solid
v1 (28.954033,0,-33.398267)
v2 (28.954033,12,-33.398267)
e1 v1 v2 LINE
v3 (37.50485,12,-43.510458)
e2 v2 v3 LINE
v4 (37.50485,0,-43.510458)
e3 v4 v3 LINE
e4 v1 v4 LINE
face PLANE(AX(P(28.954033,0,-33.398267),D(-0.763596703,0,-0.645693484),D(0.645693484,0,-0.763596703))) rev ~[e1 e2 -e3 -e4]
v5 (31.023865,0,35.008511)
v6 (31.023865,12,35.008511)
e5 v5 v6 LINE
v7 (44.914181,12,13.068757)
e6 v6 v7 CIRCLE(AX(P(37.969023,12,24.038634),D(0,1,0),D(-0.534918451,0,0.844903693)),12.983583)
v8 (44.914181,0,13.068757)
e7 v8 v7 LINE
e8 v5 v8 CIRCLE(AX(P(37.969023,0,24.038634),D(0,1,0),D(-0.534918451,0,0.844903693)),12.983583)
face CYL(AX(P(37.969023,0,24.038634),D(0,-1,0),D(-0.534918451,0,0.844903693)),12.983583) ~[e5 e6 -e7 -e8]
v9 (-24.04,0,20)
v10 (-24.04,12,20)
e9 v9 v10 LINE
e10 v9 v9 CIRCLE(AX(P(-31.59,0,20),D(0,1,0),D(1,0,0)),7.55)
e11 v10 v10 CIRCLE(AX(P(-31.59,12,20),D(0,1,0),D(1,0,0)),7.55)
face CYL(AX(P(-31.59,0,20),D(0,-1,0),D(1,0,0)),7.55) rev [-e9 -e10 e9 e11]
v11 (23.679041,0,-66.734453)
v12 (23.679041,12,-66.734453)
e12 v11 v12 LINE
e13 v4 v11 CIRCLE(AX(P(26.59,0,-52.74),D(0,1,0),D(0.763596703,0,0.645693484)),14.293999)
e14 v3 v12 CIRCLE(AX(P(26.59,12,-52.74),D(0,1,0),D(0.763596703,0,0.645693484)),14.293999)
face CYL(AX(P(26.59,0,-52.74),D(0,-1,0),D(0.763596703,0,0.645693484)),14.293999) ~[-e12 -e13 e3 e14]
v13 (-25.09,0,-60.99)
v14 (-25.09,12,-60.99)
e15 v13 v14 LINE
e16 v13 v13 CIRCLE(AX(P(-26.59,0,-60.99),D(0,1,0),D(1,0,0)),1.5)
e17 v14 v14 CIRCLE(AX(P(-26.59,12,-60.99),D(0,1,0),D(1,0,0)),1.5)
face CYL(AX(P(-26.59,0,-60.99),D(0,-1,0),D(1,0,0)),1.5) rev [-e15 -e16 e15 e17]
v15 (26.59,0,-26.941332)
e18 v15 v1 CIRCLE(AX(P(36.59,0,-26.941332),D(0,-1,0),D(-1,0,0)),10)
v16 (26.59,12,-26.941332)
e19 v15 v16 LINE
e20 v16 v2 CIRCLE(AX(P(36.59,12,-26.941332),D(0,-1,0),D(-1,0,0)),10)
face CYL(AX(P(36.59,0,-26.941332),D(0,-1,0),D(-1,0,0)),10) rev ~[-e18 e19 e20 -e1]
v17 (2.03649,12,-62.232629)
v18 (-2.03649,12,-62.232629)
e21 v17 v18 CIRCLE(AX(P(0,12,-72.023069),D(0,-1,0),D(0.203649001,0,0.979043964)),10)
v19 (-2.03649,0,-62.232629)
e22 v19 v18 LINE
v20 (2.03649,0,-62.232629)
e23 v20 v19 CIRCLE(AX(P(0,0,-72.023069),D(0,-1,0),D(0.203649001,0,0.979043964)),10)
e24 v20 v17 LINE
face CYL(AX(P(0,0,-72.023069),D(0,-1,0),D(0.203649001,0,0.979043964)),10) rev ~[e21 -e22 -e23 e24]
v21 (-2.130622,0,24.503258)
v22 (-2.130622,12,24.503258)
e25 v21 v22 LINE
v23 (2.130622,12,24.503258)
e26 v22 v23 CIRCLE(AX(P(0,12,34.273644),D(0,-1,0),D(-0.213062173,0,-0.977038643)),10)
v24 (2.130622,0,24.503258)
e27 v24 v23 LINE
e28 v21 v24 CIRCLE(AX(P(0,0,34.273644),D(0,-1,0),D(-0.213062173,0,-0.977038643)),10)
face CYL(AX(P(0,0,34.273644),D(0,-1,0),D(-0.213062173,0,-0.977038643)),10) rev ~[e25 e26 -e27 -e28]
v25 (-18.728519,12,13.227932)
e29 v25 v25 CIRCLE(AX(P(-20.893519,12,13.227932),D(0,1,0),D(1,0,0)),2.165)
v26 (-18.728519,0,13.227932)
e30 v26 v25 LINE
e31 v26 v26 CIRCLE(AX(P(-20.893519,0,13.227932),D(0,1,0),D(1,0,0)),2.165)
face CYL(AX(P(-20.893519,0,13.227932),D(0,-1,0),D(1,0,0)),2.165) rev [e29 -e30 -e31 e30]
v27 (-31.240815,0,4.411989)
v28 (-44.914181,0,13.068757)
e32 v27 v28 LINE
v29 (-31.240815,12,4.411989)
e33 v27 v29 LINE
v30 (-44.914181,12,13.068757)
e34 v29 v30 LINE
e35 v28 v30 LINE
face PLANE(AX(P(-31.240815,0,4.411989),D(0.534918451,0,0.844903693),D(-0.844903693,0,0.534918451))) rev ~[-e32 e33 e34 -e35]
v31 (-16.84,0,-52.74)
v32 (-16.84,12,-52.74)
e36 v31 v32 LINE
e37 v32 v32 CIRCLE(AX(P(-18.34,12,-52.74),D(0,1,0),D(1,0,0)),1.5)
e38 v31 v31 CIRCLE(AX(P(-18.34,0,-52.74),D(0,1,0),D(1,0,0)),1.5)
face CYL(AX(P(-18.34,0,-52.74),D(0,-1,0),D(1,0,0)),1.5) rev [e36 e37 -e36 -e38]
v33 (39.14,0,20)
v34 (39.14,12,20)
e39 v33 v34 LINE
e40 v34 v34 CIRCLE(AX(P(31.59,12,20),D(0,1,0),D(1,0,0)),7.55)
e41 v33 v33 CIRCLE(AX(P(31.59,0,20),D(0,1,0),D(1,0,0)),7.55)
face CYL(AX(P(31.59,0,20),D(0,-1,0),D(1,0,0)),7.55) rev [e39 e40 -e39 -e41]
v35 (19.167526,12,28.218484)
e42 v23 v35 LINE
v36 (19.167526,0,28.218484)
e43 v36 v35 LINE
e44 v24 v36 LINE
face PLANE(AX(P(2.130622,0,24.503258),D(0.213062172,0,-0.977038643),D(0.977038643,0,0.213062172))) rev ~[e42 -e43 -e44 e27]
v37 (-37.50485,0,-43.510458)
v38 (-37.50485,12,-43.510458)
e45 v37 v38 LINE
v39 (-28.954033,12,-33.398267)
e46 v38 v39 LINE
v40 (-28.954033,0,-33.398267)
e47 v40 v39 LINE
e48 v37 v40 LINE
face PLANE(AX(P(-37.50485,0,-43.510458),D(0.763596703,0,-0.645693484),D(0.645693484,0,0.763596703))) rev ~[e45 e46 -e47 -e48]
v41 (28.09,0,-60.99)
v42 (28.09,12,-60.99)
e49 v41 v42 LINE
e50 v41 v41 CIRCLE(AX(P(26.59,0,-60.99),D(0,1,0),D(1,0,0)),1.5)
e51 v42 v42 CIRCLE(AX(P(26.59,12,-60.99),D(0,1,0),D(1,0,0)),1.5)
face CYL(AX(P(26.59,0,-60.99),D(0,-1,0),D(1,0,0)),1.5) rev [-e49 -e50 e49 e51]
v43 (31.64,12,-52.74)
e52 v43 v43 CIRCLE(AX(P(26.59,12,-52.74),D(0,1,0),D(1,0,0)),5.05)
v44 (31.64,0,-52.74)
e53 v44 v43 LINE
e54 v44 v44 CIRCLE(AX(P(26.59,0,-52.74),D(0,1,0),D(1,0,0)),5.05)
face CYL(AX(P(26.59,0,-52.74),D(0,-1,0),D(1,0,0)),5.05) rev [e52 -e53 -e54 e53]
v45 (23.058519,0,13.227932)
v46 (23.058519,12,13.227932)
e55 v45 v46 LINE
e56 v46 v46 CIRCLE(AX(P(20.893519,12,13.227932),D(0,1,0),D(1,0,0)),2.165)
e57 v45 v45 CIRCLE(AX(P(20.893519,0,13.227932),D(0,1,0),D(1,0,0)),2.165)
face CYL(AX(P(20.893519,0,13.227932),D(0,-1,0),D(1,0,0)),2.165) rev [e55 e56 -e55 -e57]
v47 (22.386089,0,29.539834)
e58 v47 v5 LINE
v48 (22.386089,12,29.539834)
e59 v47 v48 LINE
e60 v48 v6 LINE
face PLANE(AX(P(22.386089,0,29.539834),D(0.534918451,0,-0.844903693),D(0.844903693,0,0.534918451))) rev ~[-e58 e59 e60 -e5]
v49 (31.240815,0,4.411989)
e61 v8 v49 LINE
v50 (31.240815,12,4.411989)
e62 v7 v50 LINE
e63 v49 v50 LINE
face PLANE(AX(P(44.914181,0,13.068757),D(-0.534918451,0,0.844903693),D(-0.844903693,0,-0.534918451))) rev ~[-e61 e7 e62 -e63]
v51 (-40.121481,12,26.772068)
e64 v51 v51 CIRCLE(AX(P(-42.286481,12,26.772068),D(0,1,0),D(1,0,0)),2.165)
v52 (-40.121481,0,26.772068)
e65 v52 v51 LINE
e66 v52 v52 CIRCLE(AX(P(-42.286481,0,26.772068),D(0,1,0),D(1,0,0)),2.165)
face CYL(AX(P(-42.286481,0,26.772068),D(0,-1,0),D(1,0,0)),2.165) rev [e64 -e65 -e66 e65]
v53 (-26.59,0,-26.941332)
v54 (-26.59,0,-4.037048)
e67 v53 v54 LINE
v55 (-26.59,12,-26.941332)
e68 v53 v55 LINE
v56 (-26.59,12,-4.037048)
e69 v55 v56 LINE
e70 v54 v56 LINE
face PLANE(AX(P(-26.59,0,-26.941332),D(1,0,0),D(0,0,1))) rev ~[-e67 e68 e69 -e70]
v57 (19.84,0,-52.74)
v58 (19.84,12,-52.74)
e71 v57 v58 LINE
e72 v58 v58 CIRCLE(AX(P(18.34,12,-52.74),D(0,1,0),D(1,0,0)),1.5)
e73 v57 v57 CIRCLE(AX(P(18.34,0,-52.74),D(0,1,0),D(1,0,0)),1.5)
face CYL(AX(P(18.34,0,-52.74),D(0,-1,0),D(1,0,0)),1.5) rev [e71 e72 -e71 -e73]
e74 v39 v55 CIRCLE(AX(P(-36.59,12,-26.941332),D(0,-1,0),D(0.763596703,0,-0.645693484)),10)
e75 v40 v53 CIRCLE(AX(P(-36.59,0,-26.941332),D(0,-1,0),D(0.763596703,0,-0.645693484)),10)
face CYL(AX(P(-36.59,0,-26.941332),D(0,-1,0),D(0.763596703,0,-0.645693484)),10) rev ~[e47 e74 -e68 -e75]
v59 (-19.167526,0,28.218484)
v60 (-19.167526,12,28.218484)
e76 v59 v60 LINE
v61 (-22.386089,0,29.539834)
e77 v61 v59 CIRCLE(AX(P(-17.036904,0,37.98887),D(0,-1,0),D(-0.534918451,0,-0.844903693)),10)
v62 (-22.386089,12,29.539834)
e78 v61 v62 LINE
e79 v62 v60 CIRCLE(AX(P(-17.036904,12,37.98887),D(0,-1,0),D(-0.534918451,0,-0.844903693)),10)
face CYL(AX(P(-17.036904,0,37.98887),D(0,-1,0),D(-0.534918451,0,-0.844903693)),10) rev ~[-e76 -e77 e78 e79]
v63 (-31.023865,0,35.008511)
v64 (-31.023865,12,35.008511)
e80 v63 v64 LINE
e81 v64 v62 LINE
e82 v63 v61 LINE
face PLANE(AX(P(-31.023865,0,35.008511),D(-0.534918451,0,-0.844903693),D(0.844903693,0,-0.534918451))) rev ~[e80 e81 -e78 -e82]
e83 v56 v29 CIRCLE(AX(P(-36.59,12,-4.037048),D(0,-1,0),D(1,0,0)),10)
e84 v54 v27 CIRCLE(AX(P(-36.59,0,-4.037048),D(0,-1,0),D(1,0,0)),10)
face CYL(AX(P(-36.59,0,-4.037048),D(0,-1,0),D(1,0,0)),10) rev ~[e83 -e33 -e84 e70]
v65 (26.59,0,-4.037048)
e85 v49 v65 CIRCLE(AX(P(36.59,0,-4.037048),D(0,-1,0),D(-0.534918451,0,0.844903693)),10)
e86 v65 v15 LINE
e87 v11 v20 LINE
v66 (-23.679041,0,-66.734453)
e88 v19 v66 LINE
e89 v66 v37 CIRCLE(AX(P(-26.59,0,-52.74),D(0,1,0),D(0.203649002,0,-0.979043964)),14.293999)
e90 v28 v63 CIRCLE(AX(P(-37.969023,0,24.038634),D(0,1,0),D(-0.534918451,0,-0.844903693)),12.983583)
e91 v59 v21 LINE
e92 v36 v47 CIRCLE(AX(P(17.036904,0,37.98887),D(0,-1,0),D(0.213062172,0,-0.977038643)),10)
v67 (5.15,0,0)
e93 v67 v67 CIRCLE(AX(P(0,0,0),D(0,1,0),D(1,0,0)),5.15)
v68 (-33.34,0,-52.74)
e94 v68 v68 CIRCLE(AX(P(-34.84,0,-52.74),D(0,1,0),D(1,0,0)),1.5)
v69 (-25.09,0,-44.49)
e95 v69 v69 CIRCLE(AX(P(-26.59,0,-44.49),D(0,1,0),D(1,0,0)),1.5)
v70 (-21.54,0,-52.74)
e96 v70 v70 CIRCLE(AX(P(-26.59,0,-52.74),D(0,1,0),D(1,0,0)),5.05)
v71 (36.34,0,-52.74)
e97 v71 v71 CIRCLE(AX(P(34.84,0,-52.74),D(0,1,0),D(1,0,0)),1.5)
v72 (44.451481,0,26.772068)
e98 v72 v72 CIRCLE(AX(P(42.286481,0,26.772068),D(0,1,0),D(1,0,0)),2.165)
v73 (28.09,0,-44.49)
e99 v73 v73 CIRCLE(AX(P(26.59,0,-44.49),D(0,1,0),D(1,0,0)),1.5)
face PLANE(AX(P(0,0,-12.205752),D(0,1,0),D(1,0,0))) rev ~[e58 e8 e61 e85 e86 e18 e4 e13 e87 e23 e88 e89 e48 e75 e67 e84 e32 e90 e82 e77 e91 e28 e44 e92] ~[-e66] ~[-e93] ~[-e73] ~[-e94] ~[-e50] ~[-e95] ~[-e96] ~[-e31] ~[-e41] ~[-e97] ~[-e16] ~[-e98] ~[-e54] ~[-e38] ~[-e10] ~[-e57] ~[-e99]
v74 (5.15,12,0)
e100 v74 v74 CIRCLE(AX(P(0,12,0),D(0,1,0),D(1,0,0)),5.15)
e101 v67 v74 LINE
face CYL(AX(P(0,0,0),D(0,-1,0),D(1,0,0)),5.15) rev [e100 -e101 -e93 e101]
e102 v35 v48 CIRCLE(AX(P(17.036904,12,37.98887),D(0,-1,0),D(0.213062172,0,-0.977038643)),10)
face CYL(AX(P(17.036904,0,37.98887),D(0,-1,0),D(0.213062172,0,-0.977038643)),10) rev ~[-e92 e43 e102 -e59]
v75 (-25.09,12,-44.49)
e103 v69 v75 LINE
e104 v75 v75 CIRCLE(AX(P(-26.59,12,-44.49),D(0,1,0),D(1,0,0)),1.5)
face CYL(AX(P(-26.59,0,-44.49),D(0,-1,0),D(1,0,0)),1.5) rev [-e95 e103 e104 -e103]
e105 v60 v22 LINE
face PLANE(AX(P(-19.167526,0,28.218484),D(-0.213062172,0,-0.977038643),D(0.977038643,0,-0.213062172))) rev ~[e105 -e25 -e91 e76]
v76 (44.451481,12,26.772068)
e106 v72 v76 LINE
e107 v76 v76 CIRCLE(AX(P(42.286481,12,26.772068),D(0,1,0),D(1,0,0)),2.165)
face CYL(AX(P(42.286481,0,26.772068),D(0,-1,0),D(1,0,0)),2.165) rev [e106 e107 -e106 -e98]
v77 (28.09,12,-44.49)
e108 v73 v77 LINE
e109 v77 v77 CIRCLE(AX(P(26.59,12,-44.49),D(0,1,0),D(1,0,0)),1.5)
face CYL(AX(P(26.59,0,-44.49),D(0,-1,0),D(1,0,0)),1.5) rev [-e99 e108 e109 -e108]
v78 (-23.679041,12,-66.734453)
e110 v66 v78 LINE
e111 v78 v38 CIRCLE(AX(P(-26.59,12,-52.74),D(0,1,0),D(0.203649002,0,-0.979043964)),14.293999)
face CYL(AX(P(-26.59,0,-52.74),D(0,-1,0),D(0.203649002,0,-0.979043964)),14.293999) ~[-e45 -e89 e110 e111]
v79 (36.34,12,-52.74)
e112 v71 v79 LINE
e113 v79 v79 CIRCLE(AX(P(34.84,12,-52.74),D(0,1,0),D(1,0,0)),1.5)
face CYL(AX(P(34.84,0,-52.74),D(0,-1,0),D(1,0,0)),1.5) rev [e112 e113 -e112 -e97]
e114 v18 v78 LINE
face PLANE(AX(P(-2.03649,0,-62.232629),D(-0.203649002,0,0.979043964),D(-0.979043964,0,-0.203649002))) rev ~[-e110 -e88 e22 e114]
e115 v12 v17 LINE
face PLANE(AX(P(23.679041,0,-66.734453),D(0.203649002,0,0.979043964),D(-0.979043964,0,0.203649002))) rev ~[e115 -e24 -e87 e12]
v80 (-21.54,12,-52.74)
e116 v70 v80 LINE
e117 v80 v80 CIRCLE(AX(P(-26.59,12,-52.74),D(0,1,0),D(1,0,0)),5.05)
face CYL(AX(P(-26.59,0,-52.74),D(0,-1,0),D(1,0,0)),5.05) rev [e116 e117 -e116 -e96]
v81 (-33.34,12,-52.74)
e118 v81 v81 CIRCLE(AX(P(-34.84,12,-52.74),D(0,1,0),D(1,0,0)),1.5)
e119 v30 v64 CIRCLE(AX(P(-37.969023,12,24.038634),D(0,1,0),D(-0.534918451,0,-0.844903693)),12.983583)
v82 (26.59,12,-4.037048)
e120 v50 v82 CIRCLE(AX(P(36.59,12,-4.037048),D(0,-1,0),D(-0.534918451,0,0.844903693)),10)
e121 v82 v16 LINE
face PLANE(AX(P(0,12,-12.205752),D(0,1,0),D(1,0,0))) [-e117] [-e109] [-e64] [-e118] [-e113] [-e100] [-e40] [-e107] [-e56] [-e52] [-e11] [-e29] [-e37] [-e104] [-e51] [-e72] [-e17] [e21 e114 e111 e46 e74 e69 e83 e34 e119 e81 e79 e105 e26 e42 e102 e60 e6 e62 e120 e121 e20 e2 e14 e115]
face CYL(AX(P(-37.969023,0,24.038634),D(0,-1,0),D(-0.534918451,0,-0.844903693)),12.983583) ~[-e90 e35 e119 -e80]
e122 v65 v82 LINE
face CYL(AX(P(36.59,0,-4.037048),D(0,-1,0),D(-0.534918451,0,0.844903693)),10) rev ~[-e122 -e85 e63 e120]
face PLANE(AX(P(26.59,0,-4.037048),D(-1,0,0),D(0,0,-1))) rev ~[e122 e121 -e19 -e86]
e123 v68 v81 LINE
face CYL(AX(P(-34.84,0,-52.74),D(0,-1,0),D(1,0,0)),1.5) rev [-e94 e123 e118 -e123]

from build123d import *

# Parameters (mm, degrees)
SKETCH1_R           = 5.15
SKETCH1_R_2         = 7.55
SKETCH1_R_3         = 5.05
SKETCH1_R_4         = 1.5
SKETCH1_R_5         = 2.165
BOSS_EXTRUDE1_DEPTH = 12


with BuildPart() as part:
    # Sketch1 → Boss-Extrude1 (new body)
    with BuildSketch(Plane(origin=(0, 0, 0), x_dir=(1, 0, 0), z_dir=(0, 1, 0))):
        with BuildLine():
            Line((-2.036490016, 62.232628927), (-23.679041405, 66.734453302))
            ThreePointArc((-23.679041405, 66.734453302), (-38.872266056, 60.051931597), (-37.504850395, 43.510458082))
            Line((-37.504850395, 43.510458082), (-28.95403297, 33.398266841))
            ThreePointArc((-28.95403297, 33.398266841), (-27.199588127, 30.379378664), (-26.59, 26.941332001))
            Line((-26.59, 26.941332001), (-26.59, 4.037047599))
            ThreePointArc((-26.59, 4.037047599), (-27.829524982, -0.785200575), (-31.240815491, -4.411989333))
            Line((-31.240815491, -4.411989333), (-44.914180747, -13.06875746))
            ThreePointArc((-44.914180747, -13.06875746), (-48.938899729, -30.983792167), (-31.023865021, -35.008511149))
            Line((-31.023865021, -35.008511149), (-22.386088755, -29.539833551))
            ThreePointArc((-22.386088755, -29.539833551), (-20.83471499, -28.738106539), (-19.167525971, -28.21848405))
            Line((-19.167525971, -28.21848405), (-2.130621725, -24.503257579))
            ThreePointArc((-2.130621725, -24.503257579), (0, -24.273644012), (2.130621725, -24.503257579))
            Line((2.130621725, -24.503257579), (19.167525971, -28.21848405))
            ThreePointArc((19.167525971, -28.21848405), (20.83471499, -28.738106539), (22.386088755, -29.539833551))
            Line((22.386088755, -29.539833551), (31.023865021, -35.008511149))
            ThreePointArc((31.023865021, -35.008511149), (48.938899729, -30.983792167), (44.914180747, -13.06875746))
            Line((44.914180747, -13.06875746), (31.240815491, -4.411989333))
            ThreePointArc((31.240815491, -4.411989333), (27.829524982, -0.785200575), (26.59, 4.037047599))
            Line((26.59, 4.037047599), (26.59, 26.941332001))
            ThreePointArc((26.59, 26.941332001), (27.199588127, 30.379378664), (28.95403297, 33.398266841))
            Line((28.95403297, 33.398266841), (37.504850395, 43.510458082))
            ThreePointArc((37.504850395, 43.510458082), (38.872266056, 60.051931597), (23.679041405, 66.734453302))
            Line((23.679041405, 66.734453302), (2.036490016, 62.232628927))
            ThreePointArc((2.036490016, 62.232628927), (0, 62.023068571), (-2.036490016, 62.232628927))
        make_face()
        Circle(SKETCH1_R, mode=Mode.SUBTRACT)
        with Locations((-31.59, -20)):
            Circle(SKETCH1_R_2, mode=Mode.SUBTRACT)
        with Locations((-26.59, 52.74)):
            Circle(SKETCH1_R_3, mode=Mode.SUBTRACT)
        with Locations((-26.59, 60.99)):
            Circle(SKETCH1_R_4, mode=Mode.SUBTRACT)
        with Locations((-18.34, 52.74)):
            Circle(SKETCH1_R_4, mode=Mode.SUBTRACT)
        with Locations((-26.59, 44.49)):
            Circle(SKETCH1_R_4, mode=Mode.SUBTRACT)
        with Locations((-34.84, 52.74)):
            Circle(SKETCH1_R_4, mode=Mode.SUBTRACT)
        with Locations((-42.286480756, -26.772067589)):
            Circle(SKETCH1_R_5, mode=Mode.SUBTRACT)
        with Locations((-20.893519244, -13.227932411)):
            Circle(SKETCH1_R_5, mode=Mode.SUBTRACT)
        with Locations((20.893519244, -13.227932411)):
            Circle(SKETCH1_R_5, mode=Mode.SUBTRACT)
        with Locations((42.286480756, -26.772067589)):
            Circle(SKETCH1_R_5, mode=Mode.SUBTRACT)
        with Locations((34.84, 52.74)):
            Circle(SKETCH1_R_4, mode=Mode.SUBTRACT)
        with Locations((26.59, 44.49)):
            Circle(SKETCH1_R_4, mode=Mode.SUBTRACT)
        with Locations((18.34, 52.74)):
            Circle(SKETCH1_R_4, mode=Mode.SUBTRACT)
        with Locations((26.59, 60.99)):
            Circle(SKETCH1_R_4, mode=Mode.SUBTRACT)
        with Locations((26.59, 52.74)):
            Circle(SKETCH1_R_3, mode=Mode.SUBTRACT)
        with Locations((31.59, -20)):
            Circle(SKETCH1_R_2, mode=Mode.SUBTRACT)
    extrude(amount=BOSS_EXTRUDE1_DEPTH)


solid = part.part
